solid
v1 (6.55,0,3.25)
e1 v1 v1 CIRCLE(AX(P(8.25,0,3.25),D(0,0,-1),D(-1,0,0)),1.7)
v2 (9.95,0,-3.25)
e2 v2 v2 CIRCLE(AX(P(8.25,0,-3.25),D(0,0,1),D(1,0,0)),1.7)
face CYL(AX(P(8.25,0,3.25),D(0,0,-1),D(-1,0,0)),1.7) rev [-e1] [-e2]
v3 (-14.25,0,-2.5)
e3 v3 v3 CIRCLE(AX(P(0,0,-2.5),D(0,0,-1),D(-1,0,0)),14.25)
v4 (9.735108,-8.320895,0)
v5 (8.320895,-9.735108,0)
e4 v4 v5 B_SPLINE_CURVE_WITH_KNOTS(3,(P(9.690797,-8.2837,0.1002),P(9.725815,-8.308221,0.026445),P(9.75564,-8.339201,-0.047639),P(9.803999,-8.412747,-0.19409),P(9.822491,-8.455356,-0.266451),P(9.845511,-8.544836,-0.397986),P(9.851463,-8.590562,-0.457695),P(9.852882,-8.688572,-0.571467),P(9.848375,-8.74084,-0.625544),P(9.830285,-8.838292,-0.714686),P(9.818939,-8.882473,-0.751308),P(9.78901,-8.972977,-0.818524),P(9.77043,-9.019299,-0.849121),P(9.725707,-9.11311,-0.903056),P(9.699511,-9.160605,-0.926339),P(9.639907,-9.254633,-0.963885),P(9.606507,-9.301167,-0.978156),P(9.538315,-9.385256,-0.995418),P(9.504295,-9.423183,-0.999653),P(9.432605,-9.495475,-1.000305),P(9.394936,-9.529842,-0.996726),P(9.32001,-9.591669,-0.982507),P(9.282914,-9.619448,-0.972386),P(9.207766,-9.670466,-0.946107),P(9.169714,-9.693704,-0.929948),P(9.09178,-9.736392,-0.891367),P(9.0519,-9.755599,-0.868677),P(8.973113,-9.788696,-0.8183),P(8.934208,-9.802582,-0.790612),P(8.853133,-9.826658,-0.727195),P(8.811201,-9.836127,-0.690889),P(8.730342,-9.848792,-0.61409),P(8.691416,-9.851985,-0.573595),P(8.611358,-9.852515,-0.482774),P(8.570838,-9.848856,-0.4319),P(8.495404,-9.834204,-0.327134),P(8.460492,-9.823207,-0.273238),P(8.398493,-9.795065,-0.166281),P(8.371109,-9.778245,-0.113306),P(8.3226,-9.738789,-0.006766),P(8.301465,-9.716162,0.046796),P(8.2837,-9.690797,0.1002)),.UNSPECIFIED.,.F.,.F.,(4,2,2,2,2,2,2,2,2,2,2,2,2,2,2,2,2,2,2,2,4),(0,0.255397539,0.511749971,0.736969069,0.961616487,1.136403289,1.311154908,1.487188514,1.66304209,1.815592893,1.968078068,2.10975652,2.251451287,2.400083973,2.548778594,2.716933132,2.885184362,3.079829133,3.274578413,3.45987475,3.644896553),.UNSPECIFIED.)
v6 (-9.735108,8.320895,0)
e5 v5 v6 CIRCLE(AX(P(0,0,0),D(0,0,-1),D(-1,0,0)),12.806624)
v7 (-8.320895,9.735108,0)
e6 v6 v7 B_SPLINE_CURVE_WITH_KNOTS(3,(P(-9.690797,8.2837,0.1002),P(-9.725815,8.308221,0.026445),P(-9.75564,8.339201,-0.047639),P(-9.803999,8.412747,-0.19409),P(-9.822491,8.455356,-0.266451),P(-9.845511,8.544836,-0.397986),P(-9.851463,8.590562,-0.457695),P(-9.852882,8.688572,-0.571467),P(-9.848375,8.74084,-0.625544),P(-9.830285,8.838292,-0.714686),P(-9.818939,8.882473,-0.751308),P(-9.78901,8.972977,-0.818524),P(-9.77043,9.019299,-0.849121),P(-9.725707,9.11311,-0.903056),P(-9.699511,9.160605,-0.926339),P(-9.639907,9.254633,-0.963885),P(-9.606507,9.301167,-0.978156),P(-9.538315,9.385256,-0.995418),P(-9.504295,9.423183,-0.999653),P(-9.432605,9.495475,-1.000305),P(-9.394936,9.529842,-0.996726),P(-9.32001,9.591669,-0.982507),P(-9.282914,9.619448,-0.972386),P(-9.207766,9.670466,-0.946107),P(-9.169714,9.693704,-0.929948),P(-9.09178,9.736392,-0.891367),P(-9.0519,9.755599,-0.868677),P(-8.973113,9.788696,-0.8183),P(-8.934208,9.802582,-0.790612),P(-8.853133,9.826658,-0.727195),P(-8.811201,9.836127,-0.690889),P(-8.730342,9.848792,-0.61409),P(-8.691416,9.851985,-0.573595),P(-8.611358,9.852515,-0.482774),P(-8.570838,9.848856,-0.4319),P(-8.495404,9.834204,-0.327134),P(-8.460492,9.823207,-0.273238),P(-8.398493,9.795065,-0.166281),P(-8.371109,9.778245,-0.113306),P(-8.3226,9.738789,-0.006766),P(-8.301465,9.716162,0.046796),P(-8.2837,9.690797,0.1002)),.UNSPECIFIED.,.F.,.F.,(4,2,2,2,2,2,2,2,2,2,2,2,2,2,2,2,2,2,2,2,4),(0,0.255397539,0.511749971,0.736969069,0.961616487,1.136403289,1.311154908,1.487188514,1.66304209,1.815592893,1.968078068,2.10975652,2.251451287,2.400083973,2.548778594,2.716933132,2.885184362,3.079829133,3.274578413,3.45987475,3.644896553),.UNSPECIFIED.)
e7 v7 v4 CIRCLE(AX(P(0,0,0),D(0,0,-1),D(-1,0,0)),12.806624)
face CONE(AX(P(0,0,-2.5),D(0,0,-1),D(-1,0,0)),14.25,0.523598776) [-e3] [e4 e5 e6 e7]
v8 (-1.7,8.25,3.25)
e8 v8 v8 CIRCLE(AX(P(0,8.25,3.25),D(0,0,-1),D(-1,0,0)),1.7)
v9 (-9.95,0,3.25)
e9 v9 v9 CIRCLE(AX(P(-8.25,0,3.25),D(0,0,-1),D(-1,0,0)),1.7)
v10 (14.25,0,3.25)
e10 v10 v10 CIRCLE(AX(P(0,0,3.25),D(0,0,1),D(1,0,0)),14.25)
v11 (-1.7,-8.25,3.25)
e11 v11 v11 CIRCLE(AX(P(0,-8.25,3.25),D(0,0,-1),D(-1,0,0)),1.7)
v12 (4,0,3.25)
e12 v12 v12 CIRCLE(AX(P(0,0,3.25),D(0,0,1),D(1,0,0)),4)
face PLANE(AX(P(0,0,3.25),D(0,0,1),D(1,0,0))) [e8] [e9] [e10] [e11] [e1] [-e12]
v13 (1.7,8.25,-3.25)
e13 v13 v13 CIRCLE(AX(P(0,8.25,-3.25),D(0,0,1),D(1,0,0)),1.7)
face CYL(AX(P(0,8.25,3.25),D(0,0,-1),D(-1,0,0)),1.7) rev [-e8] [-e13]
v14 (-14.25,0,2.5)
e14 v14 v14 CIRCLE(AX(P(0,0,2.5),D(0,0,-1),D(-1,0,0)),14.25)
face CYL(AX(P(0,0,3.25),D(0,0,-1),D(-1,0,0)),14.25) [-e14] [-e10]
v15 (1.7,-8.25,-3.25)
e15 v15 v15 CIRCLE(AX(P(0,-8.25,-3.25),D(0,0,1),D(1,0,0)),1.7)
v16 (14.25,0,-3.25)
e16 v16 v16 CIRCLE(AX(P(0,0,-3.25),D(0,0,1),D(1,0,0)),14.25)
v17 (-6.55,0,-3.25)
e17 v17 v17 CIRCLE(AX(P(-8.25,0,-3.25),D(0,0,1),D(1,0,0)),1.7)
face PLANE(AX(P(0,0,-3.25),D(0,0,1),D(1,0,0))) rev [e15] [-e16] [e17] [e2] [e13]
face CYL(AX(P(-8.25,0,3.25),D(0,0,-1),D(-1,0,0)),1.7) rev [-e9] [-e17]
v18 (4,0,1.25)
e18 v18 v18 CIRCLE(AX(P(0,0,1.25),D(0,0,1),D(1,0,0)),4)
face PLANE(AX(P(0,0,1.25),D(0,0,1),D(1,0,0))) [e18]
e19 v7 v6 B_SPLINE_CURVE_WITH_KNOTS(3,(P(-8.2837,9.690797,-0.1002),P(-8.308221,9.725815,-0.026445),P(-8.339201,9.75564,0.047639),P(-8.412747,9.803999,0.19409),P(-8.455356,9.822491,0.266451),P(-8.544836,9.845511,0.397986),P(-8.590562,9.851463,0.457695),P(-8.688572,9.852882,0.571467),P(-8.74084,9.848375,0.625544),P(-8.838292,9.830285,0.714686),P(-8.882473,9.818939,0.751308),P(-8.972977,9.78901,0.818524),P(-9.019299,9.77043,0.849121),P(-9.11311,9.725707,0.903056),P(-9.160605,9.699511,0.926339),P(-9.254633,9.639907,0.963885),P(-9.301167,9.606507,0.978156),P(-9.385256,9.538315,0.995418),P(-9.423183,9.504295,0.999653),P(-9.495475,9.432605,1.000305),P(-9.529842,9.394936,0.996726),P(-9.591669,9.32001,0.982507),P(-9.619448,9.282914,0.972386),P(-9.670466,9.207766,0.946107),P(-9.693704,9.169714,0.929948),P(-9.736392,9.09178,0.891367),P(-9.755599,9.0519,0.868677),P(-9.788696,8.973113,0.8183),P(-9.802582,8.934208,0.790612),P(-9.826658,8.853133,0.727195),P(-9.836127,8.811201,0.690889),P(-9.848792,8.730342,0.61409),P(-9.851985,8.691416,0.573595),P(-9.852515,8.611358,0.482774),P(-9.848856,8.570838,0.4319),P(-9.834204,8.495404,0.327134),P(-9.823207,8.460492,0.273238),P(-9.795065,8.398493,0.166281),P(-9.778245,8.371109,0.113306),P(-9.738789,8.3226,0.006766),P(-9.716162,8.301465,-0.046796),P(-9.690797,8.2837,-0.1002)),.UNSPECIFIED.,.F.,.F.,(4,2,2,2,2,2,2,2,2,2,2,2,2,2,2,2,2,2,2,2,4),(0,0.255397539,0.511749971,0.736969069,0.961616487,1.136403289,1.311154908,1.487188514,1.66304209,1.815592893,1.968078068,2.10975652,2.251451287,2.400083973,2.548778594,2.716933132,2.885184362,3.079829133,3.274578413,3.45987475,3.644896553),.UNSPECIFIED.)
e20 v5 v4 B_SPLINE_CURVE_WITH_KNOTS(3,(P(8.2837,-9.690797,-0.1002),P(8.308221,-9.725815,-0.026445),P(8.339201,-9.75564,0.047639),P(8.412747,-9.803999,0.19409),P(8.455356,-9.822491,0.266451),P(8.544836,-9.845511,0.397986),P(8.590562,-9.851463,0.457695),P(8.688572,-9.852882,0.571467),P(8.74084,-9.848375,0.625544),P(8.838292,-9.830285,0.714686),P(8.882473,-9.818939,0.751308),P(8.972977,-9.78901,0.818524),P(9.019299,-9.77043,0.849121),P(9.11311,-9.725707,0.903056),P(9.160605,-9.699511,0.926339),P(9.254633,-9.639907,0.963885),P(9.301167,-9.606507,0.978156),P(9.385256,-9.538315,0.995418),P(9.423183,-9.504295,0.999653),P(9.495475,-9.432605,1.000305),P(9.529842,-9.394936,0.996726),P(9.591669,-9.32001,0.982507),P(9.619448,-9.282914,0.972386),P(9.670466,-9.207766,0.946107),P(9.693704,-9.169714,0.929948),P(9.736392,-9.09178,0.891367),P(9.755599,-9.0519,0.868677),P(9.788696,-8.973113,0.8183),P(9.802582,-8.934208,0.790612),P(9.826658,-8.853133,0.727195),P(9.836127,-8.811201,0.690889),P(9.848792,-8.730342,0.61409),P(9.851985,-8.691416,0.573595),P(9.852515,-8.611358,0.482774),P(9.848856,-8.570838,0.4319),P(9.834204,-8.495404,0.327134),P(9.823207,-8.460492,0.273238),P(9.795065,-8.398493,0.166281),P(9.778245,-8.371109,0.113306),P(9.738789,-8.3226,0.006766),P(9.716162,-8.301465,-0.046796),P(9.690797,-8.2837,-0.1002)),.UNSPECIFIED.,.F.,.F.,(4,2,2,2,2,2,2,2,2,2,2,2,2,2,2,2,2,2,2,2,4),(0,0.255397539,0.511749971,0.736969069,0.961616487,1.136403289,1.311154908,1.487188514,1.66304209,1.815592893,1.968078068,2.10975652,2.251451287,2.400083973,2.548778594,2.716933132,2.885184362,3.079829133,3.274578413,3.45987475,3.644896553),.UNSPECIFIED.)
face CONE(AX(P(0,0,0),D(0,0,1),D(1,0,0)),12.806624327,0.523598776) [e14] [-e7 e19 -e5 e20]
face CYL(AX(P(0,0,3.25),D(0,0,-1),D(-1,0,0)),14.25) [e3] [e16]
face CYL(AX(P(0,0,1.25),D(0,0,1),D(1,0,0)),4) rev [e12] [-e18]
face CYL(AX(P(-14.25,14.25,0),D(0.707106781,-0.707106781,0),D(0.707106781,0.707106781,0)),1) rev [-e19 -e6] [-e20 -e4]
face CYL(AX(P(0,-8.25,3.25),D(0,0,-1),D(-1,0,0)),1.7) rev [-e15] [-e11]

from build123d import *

# Parameters (mm, degrees)
ESQUISSE2_R                  = 14.25
BOSS_EXTRU_1_DEPTH           = 3.25
ESQUISSE3_R                  = 1.2
ENL_V_MAT_EXTRU_1_DEPTH      = 4.25
ESQUISSE10_R                 = 1.7
ENL_V_MAT_EXTRU_2_DEPTH      = 1
ENL_V_MAT_EXTRU_2_DEPTH_BACK = 7.5
ESQUISSE17_R                 = 4
ENL_V_MAT_EXTRU_8_DEPTH      = 2
ESQUISSE13_R                 = 1
ENL_V_MAT_EXTRU_4_DEPTH      = 35.402543264


with BuildPart() as part:
    # Esquisse2 → Boss.-Extru.1 (new body, symmetric)
    with BuildSketch(Plane.XY):
        Circle(ESQUISSE2_R)
    extrude(amount=BOSS_EXTRU_1_DEPTH, both=True)

    # Esquisse3 → Enlèv. mat.-Extru.1 (cut, through all)
    with BuildSketch(Plane.XY):
        with Locations((0, 8.25)):
            Circle(ESQUISSE3_R)
        with Locations((-8.25, 0)):
            Circle(ESQUISSE3_R)
        with Locations((0, -8.25)):
            Circle(ESQUISSE3_R)
        with Locations((8.25, 0)):
            Circle(ESQUISSE3_R)
    extrude(amount=ENL_V_MAT_EXTRU_1_DEPTH, mode=Mode.SUBTRACT)

    # Esquisse10 → Enlèv. mat.-Extru.2 (cut, two sides)
    with BuildSketch(Plane(origin=(0, 0, -3.25), x_dir=(-1, 0, 0), z_dir=(0, 0, -1))) as enl_v_mat_extru_2_sk:
        with Locations((-8.25, 0)):
            Circle(ESQUISSE10_R)
        with Locations((0, 8.25)):
            Circle(ESQUISSE10_R)
        with Locations((8.25, 0)):
            Circle(ESQUISSE10_R)
        with Locations((0, -8.25)):
            Circle(ESQUISSE10_R)
    extrude(amount=ENL_V_MAT_EXTRU_2_DEPTH, mode=Mode.SUBTRACT)
    extrude(enl_v_mat_extru_2_sk.sketch, amount=-ENL_V_MAT_EXTRU_2_DEPTH_BACK, mode=Mode.SUBTRACT)

    # Esquisse17 → Enlèv. mat.-Extru.8 (cut)
    with BuildSketch(Plane.XY.offset(3.25)):
        Circle(ESQUISSE17_R)
    extrude(amount=-ENL_V_MAT_EXTRU_8_DEPTH, mode=Mode.SUBTRACT)

    # Esquisse13 → Enlèv. mat.-Extru.4 (cut, through all)
    with BuildSketch(Plane(origin=(10.076271632, -10.076271632, 0), x_dir=(-0.707106781, -0.707106781, 0), z_dir=(0.707106781, -0.707106781, 0))):
        Circle(ESQUISSE13_R)
    extrude(amount=-ENL_V_MAT_EXTRU_4_DEPTH, mode=Mode.SUBTRACT)

    # Esquisse18 → Enlèvement de matière-Révolution1 (revolve, cut)
    with BuildSketch(Plane(origin=(0, 0, 0), x_dir=(1, 0, 0), z_dir=(0, 1, 0))):
        Polygon((14.25, 2.5), (12.806624327, 0), (14.25, -2.5), align=None)
    revolve(axis=Axis((0, 0, -3.25), (0, 0, 1)), mode=Mode.SUBTRACT)


solid = part.part
